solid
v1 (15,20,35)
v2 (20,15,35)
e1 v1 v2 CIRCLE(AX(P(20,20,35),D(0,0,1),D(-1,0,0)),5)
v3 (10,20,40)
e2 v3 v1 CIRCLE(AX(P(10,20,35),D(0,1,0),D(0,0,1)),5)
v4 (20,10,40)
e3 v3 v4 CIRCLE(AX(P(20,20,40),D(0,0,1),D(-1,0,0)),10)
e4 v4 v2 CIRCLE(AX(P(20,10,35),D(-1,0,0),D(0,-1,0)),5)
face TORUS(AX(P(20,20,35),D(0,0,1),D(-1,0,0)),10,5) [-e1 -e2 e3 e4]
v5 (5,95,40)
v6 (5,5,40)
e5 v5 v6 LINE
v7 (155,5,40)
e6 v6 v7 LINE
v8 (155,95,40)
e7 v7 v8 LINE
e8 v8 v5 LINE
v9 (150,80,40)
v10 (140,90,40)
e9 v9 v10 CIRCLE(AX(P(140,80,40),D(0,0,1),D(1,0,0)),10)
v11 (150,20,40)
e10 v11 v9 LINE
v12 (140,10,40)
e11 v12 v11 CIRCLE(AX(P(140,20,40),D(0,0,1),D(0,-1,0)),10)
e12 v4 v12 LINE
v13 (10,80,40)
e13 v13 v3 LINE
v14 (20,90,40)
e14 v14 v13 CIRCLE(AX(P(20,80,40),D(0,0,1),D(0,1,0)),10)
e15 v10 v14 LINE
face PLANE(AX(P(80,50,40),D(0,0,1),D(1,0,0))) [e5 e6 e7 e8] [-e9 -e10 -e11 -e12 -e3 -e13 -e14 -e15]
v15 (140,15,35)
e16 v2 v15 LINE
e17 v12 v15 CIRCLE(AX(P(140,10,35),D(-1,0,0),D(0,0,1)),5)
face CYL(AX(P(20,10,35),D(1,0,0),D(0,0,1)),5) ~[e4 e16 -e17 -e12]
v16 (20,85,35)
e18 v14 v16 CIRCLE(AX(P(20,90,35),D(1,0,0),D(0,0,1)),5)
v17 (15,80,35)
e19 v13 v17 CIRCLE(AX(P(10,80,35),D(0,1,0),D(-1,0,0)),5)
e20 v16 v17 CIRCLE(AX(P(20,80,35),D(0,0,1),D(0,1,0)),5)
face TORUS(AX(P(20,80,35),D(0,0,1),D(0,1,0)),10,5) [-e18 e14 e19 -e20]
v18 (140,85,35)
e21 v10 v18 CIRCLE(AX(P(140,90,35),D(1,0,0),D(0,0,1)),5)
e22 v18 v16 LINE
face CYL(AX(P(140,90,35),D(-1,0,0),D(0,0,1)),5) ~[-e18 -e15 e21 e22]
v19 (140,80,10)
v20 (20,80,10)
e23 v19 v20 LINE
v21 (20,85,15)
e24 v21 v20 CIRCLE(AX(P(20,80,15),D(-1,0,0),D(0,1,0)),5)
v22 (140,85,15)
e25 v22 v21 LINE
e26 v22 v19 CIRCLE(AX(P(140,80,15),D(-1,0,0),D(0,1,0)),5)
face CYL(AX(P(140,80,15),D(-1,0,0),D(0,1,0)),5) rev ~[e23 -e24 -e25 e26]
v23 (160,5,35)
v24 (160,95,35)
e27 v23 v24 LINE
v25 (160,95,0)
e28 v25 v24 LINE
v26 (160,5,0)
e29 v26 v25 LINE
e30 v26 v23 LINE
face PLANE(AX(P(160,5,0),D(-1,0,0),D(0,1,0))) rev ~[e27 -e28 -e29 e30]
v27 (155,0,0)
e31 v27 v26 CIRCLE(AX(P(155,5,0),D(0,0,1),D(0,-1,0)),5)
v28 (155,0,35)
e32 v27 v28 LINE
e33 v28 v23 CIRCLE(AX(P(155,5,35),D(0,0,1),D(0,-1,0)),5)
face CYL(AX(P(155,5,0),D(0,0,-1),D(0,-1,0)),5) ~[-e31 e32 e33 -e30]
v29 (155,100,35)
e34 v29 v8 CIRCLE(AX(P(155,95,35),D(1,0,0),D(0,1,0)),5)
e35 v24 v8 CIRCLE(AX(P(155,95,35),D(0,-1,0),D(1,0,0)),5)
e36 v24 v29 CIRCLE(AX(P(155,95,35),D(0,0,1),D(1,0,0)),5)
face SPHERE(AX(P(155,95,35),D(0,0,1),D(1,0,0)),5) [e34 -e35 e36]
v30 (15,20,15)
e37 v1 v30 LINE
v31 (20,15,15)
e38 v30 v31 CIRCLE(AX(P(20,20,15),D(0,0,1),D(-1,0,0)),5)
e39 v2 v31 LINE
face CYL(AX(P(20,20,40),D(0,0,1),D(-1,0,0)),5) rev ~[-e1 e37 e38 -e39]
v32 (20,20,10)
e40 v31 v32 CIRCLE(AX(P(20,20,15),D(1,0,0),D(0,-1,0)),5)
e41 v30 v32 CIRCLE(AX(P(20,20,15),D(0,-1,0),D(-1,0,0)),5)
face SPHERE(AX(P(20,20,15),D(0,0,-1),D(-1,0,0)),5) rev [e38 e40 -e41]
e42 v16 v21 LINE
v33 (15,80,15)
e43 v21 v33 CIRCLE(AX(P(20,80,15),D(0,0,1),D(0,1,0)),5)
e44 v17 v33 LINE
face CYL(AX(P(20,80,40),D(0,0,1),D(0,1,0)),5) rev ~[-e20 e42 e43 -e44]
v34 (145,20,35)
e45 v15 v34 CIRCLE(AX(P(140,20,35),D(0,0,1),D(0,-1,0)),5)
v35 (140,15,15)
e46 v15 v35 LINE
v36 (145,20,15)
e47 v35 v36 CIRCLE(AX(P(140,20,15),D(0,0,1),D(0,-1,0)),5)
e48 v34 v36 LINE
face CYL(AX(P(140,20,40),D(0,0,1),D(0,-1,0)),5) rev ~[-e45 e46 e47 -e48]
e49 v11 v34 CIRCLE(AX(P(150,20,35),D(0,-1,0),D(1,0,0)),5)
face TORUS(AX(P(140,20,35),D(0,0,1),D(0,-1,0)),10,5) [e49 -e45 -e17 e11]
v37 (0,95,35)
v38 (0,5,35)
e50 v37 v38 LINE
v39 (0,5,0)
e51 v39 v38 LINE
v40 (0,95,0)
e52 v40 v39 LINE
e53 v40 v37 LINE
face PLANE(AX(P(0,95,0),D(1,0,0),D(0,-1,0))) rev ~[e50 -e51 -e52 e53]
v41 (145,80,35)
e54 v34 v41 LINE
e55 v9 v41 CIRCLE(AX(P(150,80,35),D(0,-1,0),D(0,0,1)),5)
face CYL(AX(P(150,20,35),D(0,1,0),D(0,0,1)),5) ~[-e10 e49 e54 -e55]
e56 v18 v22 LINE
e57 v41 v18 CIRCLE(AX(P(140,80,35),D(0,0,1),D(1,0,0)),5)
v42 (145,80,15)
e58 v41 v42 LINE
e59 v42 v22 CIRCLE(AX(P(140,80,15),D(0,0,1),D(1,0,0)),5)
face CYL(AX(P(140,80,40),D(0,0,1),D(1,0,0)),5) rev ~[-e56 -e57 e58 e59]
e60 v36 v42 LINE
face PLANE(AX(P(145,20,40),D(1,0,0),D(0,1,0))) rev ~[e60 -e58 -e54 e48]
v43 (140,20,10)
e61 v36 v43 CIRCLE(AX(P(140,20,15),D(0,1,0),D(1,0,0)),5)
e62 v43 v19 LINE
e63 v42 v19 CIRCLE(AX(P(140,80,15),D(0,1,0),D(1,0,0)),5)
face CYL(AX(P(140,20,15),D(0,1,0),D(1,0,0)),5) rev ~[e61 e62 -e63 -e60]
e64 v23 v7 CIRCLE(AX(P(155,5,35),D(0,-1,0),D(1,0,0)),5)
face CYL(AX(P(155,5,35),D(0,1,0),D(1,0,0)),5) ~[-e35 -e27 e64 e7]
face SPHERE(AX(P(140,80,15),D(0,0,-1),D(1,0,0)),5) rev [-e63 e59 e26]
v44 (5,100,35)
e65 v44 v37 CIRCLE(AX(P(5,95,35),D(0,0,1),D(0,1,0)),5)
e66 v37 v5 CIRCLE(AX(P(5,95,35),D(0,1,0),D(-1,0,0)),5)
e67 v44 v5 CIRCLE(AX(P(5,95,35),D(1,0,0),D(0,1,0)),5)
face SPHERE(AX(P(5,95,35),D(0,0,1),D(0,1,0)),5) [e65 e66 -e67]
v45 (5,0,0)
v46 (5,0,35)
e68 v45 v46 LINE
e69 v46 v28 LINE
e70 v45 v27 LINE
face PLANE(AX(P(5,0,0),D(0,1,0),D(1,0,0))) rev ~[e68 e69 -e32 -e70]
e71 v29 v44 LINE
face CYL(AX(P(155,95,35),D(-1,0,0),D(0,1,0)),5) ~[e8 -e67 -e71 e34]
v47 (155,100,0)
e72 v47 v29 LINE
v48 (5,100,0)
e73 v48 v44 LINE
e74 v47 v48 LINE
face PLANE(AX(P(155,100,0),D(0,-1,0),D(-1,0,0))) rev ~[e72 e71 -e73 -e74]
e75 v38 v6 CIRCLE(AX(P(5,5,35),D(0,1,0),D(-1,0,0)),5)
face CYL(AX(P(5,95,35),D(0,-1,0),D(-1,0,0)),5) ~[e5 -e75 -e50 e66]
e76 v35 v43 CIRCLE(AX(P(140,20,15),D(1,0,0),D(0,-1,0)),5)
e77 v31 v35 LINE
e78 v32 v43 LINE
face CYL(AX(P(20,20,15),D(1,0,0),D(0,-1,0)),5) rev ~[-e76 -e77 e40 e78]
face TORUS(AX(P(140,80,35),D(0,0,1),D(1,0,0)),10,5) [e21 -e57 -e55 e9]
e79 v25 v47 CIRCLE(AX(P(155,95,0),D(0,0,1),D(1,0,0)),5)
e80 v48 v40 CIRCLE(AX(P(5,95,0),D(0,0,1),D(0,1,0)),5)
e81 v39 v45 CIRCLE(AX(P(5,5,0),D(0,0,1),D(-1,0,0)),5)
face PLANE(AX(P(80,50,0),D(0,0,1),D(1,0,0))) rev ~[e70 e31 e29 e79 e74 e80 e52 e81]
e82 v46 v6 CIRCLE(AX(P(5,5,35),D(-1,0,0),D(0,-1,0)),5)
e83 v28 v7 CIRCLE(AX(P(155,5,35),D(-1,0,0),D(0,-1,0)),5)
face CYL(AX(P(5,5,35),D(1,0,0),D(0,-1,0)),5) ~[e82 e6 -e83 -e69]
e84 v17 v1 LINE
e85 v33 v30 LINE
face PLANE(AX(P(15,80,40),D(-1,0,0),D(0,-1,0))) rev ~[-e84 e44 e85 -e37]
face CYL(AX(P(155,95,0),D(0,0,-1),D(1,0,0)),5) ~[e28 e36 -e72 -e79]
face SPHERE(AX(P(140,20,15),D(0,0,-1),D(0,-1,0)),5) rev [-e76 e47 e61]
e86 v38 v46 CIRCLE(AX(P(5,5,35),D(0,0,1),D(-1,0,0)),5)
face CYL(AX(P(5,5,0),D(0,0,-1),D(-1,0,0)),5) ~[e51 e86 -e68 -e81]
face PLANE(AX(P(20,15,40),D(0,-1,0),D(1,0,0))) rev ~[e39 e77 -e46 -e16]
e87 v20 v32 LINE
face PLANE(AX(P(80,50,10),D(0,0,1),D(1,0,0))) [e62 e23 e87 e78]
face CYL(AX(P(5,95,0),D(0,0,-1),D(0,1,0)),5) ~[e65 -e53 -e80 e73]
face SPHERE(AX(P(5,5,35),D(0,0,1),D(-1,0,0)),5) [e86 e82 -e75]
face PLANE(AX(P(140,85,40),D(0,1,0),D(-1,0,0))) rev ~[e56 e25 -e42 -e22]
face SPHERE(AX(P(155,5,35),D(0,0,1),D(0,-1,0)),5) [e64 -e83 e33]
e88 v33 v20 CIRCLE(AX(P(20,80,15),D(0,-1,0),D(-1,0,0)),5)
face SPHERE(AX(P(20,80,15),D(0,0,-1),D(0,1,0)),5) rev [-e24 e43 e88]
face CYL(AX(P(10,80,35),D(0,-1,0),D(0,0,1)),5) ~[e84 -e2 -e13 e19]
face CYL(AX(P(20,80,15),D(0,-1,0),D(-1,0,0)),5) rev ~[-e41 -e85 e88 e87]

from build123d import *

# Parameters (mm, degrees)
F1_DEPTH = 40
F3_DEPTH = 30
F4_R     = 5


with BuildPart() as f1:
    # F0 (on Top) → F1 (new body)
    with BuildSketch(Plane.XY):
        with BuildLine():
            ThreePointArc((0, 5), (1.4644660941, 1.4644660941), (5, 0))
            Line((5, 0), (155, 0))
            ThreePointArc((155, 0), (158.5355339059, 1.4644660941), (160, 5))
            Line((160, 5), (160, 95))
            ThreePointArc((160, 95), (158.5355339059, 98.5355339059), (155, 100))
            Line((155, 100), (5, 100))
            ThreePointArc((5, 100), (1.4644660941, 98.5355339059), (0, 95))
            Line((0, 95), (0, 5))
        make_face()
    extrude(amount=F1_DEPTH)

    # F2 (on face) → F3 (cut)
    with BuildSketch(Plane.XY.offset(40)):
        with BuildLine():
            Line((140, 85), (20, 85))
            ThreePointArc((20, 85), (16.4644660941, 83.5355339059), (15, 80))
            Line((15, 80), (15, 20))
            ThreePointArc((15, 20), (16.4644660941, 16.4644660941), (20, 15))
            Line((20, 15), (140, 15))
            ThreePointArc((140, 15), (143.5355339059, 16.4644660941), (145, 20))
            Line((145, 20), (145, 80))
            ThreePointArc((145, 80), (143.5355339059, 83.5355339059), (140, 85))
        make_face()
    extrude(amount=-F3_DEPTH, mode=Mode.SUBTRACT)

    # F4
    f4_edges = [f1.edges().sort_by_distance(p)[0] for p in [
        (80, 85, 10),
        (0, 50, 40),
        (1.464466, 98.535534, 40),
        (1.464466, 1.464466, 40),
        (80, 100, 40),
        (80, 0, 40),
        (158.535534, 98.535534, 40),
        (158.535534, 1.464466, 40),
        (160, 50, 40),
        (80, 85, 40),
        (16.464466, 83.535534, 40),
        (15, 50, 40),
        (16.464466, 16.464466, 40),
        (80, 15, 40),
        (143.535534, 16.464466, 40),
        (145, 50, 40),
        (143.535534, 83.535534, 40),
    ]]
    fillet(f4_edges, radius=F4_R)


solid = f1.part
